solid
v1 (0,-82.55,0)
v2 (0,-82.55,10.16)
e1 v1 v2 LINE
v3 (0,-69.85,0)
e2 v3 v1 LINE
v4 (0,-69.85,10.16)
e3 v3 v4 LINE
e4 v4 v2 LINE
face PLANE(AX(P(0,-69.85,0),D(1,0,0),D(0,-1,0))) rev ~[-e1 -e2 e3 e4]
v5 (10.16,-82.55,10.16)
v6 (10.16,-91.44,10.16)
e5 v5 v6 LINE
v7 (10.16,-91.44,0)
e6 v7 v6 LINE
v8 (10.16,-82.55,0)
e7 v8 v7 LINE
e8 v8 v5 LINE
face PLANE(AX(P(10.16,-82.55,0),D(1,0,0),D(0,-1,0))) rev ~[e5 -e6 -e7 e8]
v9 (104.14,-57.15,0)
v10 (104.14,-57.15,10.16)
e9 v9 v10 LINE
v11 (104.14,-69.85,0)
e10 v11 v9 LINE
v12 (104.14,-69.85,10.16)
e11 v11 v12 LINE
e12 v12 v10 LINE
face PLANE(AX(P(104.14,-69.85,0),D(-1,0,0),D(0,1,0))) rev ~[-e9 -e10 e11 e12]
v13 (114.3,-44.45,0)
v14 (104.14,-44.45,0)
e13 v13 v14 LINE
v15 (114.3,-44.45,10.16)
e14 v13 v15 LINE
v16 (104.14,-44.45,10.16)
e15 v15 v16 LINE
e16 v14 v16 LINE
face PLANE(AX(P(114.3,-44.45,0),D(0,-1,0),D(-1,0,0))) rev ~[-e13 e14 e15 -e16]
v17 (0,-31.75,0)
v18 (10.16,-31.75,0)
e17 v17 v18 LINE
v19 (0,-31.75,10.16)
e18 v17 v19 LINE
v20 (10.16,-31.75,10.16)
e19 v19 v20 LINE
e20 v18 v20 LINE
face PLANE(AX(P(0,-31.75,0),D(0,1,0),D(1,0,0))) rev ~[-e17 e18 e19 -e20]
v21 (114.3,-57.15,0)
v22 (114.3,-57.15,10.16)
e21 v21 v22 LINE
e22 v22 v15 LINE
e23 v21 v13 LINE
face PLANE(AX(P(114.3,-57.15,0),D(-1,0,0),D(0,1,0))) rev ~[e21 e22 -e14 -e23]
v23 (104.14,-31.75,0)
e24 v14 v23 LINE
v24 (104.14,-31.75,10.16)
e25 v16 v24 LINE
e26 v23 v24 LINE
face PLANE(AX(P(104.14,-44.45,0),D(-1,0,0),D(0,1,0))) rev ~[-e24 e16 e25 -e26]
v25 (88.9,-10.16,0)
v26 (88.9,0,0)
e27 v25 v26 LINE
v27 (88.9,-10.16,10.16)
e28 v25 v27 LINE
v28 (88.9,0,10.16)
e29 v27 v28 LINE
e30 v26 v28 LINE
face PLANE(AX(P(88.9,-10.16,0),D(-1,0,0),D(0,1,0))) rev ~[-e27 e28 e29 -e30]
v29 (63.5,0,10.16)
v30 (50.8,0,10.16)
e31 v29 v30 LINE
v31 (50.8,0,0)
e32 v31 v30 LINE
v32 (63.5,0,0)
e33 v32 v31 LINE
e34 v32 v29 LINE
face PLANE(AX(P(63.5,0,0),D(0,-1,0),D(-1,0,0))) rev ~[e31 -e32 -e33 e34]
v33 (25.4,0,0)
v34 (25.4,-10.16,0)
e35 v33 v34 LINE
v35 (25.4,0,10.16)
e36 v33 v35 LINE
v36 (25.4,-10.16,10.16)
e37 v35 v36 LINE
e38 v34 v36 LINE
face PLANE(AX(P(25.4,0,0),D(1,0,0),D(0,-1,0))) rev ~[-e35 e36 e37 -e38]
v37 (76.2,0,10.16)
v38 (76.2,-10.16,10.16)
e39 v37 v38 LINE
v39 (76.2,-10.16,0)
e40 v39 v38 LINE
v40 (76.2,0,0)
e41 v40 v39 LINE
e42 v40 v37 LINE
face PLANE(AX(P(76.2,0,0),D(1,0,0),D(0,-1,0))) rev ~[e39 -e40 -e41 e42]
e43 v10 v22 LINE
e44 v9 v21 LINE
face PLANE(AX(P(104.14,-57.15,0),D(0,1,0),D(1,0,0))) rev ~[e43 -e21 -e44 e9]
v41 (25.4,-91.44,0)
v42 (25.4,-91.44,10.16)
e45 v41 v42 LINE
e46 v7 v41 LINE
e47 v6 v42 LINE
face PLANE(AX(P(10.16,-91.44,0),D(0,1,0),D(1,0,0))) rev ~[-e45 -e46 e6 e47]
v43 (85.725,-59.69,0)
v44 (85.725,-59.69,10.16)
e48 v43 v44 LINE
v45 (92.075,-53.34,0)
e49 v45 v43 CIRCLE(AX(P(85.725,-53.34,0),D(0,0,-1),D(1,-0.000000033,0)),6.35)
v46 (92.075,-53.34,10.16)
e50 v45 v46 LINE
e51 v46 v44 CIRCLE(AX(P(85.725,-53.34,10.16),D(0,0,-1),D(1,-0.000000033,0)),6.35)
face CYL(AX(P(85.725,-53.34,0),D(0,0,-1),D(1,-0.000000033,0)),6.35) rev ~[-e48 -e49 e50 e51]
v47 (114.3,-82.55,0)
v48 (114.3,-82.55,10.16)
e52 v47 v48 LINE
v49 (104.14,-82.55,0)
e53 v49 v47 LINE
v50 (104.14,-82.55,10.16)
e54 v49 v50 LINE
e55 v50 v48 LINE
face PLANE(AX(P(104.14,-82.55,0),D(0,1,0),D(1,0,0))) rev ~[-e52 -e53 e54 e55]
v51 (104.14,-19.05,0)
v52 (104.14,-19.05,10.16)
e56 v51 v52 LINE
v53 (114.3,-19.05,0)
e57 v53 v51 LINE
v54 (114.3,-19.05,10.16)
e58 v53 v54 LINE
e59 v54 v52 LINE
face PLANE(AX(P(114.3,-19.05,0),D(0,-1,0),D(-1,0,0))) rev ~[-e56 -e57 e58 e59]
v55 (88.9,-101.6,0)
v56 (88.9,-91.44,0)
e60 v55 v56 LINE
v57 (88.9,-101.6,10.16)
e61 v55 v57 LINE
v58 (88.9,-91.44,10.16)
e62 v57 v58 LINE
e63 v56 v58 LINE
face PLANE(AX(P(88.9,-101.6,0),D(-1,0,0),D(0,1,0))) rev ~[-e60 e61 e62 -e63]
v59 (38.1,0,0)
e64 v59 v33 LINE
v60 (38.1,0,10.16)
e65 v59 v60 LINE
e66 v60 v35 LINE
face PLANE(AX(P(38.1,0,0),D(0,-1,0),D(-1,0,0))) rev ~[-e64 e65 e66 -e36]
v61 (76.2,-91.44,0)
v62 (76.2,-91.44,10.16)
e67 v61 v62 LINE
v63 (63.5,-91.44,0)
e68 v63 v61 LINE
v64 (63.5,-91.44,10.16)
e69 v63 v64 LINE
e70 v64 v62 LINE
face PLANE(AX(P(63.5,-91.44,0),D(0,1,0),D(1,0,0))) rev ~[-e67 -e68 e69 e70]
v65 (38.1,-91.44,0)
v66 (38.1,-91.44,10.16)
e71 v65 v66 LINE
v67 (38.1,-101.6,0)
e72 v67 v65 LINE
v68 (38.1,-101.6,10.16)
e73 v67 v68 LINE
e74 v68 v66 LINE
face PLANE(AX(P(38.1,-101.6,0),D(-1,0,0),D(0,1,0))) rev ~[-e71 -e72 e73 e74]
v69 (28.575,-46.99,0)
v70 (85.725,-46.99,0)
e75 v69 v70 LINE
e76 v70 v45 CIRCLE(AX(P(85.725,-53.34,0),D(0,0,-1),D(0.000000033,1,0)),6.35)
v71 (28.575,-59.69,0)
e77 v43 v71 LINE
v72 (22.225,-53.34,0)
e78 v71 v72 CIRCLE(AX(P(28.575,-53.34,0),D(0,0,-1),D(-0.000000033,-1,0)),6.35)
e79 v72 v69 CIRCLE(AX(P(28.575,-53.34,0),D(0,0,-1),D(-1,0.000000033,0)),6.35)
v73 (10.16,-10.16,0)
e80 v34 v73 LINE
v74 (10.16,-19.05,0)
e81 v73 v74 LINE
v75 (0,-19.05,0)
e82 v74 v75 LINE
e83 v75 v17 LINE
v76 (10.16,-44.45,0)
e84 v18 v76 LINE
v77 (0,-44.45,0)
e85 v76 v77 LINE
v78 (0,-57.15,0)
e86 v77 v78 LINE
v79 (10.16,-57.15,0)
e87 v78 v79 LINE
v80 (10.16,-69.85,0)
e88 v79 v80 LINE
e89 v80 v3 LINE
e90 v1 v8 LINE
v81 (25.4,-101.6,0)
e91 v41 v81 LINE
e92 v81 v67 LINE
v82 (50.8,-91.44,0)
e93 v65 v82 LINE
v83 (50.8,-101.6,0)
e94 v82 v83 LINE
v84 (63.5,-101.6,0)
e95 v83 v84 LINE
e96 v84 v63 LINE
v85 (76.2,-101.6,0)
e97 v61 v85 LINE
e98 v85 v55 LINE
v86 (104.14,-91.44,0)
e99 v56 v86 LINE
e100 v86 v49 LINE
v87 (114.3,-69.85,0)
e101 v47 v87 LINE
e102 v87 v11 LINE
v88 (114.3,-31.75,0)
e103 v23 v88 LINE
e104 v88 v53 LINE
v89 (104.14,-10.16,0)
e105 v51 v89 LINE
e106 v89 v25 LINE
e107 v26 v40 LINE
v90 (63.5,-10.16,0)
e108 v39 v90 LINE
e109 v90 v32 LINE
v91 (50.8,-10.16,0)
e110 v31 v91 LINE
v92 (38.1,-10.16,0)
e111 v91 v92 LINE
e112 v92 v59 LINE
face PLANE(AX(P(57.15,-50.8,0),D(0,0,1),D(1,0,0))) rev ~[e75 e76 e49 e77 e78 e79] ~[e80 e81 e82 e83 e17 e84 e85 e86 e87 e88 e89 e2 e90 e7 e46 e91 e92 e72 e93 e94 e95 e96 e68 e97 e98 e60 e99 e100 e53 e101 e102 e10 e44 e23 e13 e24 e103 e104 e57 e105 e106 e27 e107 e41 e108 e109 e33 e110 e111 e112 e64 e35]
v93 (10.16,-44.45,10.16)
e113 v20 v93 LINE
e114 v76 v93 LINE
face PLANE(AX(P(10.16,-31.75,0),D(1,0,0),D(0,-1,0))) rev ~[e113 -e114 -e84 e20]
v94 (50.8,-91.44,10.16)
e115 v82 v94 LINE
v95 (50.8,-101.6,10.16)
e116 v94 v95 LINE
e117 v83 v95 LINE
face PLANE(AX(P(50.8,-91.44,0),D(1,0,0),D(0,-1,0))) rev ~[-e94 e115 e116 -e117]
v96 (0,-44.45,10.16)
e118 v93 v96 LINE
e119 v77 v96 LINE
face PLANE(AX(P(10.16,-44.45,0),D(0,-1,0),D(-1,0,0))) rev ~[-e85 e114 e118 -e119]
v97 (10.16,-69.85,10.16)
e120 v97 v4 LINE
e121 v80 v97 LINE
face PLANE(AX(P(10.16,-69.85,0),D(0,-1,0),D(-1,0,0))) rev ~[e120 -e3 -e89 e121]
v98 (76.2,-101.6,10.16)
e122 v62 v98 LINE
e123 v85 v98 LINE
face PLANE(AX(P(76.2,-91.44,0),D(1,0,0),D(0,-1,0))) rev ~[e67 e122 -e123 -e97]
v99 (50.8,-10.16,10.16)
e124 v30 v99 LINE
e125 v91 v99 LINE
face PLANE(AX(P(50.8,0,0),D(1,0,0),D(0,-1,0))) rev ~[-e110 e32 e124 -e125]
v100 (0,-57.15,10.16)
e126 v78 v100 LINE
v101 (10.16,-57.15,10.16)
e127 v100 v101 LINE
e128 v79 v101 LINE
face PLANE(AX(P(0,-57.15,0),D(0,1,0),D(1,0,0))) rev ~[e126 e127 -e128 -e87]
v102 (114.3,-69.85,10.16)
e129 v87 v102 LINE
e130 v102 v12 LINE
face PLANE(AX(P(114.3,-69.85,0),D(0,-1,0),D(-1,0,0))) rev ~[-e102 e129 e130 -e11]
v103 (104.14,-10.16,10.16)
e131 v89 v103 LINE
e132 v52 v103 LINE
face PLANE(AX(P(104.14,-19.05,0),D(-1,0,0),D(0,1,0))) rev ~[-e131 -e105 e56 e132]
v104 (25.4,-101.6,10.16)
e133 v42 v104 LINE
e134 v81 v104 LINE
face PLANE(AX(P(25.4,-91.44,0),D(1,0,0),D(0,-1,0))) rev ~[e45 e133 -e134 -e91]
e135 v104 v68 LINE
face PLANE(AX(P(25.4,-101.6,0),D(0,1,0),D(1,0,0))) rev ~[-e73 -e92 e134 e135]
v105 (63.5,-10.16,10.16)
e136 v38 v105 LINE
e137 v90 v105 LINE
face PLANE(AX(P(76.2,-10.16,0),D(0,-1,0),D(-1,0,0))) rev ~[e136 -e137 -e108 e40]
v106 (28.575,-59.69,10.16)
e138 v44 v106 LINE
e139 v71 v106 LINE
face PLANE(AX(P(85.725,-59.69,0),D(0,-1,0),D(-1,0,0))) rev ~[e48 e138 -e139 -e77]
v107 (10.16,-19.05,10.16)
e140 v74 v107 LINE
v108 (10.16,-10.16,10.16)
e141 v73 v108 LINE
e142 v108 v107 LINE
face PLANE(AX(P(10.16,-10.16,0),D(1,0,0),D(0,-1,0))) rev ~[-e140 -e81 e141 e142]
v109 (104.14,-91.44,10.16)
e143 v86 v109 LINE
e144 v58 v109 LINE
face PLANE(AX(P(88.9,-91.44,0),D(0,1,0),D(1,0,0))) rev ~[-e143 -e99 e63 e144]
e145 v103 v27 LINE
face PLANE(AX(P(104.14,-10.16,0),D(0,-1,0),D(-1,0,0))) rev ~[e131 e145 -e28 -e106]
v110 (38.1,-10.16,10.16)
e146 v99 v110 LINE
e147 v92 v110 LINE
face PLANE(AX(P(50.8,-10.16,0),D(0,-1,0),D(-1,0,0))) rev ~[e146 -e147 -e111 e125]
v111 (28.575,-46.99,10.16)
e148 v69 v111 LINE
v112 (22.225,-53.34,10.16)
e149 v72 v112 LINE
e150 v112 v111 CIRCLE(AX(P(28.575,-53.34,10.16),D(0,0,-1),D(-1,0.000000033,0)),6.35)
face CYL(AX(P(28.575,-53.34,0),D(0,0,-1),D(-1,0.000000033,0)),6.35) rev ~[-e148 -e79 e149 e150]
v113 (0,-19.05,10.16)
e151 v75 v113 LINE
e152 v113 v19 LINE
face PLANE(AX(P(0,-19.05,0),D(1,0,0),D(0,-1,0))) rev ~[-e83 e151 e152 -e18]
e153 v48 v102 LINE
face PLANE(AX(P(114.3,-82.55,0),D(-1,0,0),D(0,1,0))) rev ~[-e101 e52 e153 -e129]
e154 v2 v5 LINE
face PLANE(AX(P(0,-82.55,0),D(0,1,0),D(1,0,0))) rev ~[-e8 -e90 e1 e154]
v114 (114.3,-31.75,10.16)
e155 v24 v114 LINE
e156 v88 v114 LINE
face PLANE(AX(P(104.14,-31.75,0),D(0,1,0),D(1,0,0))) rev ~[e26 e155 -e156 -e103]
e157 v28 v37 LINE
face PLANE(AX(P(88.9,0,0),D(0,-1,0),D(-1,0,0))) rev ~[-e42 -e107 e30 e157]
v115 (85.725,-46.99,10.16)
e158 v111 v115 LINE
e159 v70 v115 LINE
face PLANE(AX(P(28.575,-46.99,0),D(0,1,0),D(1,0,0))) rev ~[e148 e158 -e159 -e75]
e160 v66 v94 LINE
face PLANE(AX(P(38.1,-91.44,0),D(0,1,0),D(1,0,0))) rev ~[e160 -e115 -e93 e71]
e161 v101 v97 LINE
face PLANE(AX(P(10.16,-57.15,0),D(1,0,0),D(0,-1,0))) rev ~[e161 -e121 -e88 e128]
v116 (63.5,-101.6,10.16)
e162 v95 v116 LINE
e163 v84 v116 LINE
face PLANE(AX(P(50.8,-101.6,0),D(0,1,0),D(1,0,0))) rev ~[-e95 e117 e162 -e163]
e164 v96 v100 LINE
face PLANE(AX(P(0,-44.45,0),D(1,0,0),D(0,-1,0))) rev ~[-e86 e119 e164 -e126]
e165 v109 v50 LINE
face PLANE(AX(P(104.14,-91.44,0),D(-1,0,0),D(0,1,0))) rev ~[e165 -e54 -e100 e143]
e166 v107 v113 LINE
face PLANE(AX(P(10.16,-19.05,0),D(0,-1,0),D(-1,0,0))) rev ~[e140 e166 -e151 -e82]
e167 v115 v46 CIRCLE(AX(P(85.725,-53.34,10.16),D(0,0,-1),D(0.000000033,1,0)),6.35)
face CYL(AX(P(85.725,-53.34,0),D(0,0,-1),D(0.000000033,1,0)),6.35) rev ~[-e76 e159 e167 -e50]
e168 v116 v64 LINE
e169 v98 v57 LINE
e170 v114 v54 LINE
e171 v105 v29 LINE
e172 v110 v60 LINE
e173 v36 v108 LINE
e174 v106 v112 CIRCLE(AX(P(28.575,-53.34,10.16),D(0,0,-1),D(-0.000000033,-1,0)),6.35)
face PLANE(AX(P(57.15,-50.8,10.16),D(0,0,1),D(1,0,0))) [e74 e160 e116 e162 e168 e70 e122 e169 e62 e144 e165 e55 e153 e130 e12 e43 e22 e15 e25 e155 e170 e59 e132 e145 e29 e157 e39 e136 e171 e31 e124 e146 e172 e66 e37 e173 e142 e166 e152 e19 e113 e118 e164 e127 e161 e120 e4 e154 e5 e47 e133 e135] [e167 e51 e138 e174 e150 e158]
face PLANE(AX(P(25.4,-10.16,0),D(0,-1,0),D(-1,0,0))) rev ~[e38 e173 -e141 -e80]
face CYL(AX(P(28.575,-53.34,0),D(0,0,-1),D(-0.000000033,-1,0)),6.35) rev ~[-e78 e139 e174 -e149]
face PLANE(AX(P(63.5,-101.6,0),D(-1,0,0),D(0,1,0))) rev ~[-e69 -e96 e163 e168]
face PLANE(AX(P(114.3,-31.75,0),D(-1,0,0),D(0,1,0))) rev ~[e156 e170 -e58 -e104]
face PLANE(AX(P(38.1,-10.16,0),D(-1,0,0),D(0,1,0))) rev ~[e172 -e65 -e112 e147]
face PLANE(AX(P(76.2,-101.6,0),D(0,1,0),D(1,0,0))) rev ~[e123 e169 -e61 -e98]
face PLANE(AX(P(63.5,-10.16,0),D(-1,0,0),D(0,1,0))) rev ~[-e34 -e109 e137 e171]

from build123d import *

# Parameters (mm, degrees)
F1_DEPTH = 10.16


with BuildPart() as f1:
    # F0 (on Top) → F1 (new body)
    with BuildSketch(Plane.XY):
        Polygon((38.1, 0), (25.4, 0), (25.4, -10.16), (10.16, -10.16), (10.16, -19.05), (0, -19.05), (0, -31.75), (10.16, -31.75), (10.16, -44.45), (0, -44.45), (0, -57.15), (10.16, -57.15), (10.16, -69.85), (0, -69.85), (0, -82.55), (10.16, -82.55), (10.16, -91.44), (25.4, -91.44), (25.4, -101.6), (38.1, -101.6), (38.1, -91.44), (50.8, -91.44), (50.8, -101.6), (63.5, -101.6), (63.5, -91.44), (76.2, -91.44), (76.2, -101.6), (88.9, -101.6), (88.9, -91.44), (104.14, -91.44), (104.14, -82.55), (114.3, -82.55), (114.3, -69.85), (104.14, -69.85), (104.14, -57.15), (114.3, -57.15), (114.3, -44.45), (104.14, -44.45), (104.14, -31.75), (114.3, -31.75), (114.3, -19.05), (104.14, -19.05), (104.14, -10.16), (88.9, -10.16), (88.9, 0), (76.2, 0), (76.2, -10.16), (63.5, -10.16), (63.5, 0), (50.8, 0), (50.8, -10.16), (38.1, -10.16), align=None)
        with BuildLine():
            ThreePointArc((22.225, -53.34), (24.084872, -48.849872), (28.575, -46.99))
            Line((28.575, -46.99), (85.725, -46.99))
            ThreePointArc((85.725, -46.99), (90.215128, -48.849872), (92.075, -53.34))
            ThreePointArc((92.075, -53.34), (90.215128, -57.830128), (85.725, -59.69))
            Line((85.725, -59.69), (28.575, -59.69))
            ThreePointArc((28.575, -59.69), (24.084872, -57.830128), (22.225, -53.34))
        make_face(mode=Mode.SUBTRACT)
    extrude(amount=F1_DEPTH)


solid = f1.part
